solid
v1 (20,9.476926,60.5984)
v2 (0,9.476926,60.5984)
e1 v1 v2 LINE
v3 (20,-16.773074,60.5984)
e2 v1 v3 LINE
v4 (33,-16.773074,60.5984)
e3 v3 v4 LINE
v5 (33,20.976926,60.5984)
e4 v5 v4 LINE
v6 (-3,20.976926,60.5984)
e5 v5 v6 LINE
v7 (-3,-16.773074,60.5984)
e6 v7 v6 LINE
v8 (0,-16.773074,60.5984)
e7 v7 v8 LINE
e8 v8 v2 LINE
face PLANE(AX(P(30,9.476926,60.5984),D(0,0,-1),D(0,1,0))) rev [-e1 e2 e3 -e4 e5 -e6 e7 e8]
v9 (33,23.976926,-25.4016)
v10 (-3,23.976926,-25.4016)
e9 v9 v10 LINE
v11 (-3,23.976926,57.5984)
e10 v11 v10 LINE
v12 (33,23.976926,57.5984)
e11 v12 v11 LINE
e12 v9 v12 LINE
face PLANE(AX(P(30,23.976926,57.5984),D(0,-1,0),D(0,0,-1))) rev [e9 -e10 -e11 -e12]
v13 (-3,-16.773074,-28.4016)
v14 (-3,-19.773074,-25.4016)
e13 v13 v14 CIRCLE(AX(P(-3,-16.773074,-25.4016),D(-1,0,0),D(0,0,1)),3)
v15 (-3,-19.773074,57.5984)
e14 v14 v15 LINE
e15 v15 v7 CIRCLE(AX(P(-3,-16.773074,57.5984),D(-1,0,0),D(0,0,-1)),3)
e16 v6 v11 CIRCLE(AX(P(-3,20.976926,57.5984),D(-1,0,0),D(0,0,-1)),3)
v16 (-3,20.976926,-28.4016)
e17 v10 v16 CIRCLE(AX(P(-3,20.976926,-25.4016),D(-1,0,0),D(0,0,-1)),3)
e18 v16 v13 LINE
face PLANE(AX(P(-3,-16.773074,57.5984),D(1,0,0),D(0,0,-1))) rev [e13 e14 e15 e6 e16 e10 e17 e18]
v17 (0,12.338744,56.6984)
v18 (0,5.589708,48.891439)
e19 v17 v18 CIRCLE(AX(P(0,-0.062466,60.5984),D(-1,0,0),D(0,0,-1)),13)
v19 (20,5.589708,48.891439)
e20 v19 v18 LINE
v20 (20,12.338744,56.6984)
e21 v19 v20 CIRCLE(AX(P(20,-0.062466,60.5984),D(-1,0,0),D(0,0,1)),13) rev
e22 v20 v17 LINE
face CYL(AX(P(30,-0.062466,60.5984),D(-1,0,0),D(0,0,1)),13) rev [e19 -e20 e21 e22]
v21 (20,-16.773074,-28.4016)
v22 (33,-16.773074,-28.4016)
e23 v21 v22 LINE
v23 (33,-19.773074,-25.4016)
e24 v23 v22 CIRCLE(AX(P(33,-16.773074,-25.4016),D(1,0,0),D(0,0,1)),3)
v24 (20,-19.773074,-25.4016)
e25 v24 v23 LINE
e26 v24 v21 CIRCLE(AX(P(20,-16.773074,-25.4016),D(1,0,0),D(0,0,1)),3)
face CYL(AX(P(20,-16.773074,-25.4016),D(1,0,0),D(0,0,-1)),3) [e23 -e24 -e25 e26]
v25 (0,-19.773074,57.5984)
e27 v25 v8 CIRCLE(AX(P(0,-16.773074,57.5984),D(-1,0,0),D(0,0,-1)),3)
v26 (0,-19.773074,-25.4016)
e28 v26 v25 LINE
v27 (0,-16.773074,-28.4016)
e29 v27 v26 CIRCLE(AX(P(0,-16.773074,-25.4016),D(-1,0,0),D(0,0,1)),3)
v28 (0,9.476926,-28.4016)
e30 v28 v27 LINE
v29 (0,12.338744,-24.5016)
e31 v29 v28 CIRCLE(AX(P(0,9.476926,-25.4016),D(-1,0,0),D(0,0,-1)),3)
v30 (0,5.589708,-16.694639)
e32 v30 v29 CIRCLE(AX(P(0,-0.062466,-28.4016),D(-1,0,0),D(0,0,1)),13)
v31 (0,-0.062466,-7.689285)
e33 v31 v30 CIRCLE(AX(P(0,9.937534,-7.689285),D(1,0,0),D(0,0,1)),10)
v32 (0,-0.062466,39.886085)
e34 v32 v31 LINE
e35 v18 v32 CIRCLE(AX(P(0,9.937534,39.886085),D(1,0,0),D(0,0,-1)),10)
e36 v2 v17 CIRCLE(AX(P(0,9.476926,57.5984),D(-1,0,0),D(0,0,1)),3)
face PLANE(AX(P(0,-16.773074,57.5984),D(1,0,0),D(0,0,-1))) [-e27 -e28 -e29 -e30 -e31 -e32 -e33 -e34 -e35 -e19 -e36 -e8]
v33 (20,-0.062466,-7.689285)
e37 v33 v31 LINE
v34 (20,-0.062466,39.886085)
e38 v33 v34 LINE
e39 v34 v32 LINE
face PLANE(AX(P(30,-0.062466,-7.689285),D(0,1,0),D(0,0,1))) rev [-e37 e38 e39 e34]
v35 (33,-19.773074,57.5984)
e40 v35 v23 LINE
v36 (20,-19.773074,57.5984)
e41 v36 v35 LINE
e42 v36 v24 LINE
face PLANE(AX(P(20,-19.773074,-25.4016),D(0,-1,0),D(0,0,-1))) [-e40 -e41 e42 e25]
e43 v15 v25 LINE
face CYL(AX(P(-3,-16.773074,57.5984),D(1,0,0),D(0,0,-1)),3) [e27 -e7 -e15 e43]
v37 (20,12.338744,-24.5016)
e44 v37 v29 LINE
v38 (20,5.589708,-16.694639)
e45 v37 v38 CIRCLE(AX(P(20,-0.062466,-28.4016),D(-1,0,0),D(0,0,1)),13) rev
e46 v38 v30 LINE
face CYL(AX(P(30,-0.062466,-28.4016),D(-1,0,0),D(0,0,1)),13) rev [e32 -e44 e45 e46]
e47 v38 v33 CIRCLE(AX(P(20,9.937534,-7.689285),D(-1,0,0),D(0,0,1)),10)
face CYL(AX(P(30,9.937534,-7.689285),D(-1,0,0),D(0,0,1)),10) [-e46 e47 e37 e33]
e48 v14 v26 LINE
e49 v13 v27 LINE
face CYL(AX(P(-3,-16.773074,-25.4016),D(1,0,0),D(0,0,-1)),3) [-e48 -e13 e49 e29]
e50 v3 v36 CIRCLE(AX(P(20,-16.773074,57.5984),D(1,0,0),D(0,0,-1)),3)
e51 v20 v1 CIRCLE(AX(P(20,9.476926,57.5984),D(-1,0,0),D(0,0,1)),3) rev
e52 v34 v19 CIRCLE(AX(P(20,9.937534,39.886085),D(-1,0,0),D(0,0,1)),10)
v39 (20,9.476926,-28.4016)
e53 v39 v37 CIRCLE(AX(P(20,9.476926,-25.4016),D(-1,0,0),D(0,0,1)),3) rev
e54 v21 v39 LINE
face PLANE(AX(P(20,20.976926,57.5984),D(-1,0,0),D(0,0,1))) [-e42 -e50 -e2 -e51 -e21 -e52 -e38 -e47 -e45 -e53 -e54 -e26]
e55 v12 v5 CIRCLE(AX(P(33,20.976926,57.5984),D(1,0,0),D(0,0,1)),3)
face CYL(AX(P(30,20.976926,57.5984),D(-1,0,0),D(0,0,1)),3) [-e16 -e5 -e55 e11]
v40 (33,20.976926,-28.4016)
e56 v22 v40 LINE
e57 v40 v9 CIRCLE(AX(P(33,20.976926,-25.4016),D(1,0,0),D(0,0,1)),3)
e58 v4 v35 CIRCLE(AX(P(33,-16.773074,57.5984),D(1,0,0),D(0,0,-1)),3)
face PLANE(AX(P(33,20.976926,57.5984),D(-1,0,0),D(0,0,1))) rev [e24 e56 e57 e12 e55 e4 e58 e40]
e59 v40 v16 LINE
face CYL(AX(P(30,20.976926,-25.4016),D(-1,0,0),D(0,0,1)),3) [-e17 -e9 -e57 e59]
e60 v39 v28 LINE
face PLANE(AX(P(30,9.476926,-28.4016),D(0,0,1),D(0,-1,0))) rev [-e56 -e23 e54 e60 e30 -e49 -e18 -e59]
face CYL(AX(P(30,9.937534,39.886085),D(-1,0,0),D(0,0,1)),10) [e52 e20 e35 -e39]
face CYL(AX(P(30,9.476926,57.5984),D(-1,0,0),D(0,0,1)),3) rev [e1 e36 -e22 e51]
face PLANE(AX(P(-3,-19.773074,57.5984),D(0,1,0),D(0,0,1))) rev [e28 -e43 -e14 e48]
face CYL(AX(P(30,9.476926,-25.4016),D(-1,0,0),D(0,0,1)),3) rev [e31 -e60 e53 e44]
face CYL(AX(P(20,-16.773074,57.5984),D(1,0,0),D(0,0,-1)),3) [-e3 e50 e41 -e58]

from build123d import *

# Parameters (mm, degrees)
RESSALTO_EXTRUS_O2_DEPTH      = 30
RESSALTO_EXTRUS_O3_DEPTH      = 3
RESSALTO_EXTRUS_O4_DEPTH      = 3
RESSALTO_EXTRUS_O4_DEPTH_BACK = 10


with BuildPart() as part:
    # Esboço2 → Ressalto-extrusão2 (new body)
    with BuildSketch(Plane(origin=(0, 0, 0), x_dir=(0, 0, -1), z_dir=(1, 0, 0))):
        with BuildLine():
            Line((2.90159992, -0.062465938), (-35.09840008, -0.062465938))
            Line((-35.09840008, -0.062465938), (-39.886084903, -0.062465938))
            ThreePointArc((-39.886084903, -0.062465938), (-45.202180234, 1.467638524), (-48.891439328, 5.589707975))
            ThreePointArc((-48.891439328, 5.589707975), (-52.096536948, 9.772081499), (-56.69840008, 12.338743681))
            ThreePointArc((-56.69840008, 12.338743681), (-59.373224015, 11.895603401), (-60.59840008, 9.476926077))
            Line((-60.59840008, 9.476926077), (-60.59840008, 20.976926077))
            ThreePointArc((-60.59840008, 20.976926077), (-59.719720424, 23.09824642), (-57.59840008, 23.976926077))
            Line((-57.59840008, 23.976926077), (25.40159992, 23.976926077))
            ThreePointArc((25.40159992, 23.976926077), (27.522920263, 23.09824642), (28.40159992, 20.976926077))
            Line((28.40159992, 20.976926077), (28.40159992, 9.476926077))
            ThreePointArc((28.40159992, 9.476926077), (27.176423855, 11.895603401), (24.50159992, 12.338743681))
            ThreePointArc((24.50159992, 12.338743681), (19.899736788, 9.772081499), (16.694639168, 5.589707975))
            ThreePointArc((16.694639168, 5.589707975), (13.005380073, 1.467638524), (7.689284743, -0.062465938))
            Line((7.689284743, -0.062465938), (2.90159992, -0.062465938))
        make_face()
    extrude(amount=RESSALTO_EXTRUS_O2_DEPTH)

    # Esboço3 → Ressalto-extrusão3 (add)
    with BuildSketch(Plane.ZY):
        with BuildLine():
            Line((60.59840008, 15.226926077), (60.59840008, 20.976926077))
            ThreePointArc((60.59840008, 20.976926077), (59.719720424, 23.09824642), (57.59840008, 23.976926077))
            Line((57.59840008, 23.976926077), (16.09840008, 23.976926077))
            Line((16.09840008, 23.976926077), (-25.40159992, 23.976926077))
            ThreePointArc((-25.40159992, 23.976926077), (-27.522920263, 23.09824642), (-28.40159992, 20.976926077))
            Line((-28.40159992, 20.976926077), (-28.40159992, 15.226926077))
            Line((-28.40159992, 15.226926077), (-28.40159992, -16.773073923))
            ThreePointArc((-28.40159992, -16.773073923), (-27.522920263, -18.894394267), (-25.40159992, -19.773073923))
            Line((-25.40159992, -19.773073923), (57.59840008, -19.773073923))
            ThreePointArc((57.59840008, -19.773073923), (59.719720424, -18.894394267), (60.59840008, -16.773073923))
            Line((60.59840008, -16.773073923), (60.59840008, 15.226926077))
        make_face()
    extrude(amount=RESSALTO_EXTRUS_O3_DEPTH)

    # Esboço4 → Ressalto-extrusão4 (add, two sides)
    with BuildSketch(Plane(origin=(30, 0, 0), x_dir=(0, 0, -1), z_dir=(1, 0, 0))) as ressalto_extrus_o4_sk:
        with BuildLine():
            Line((-16.09840008, 23.976926077), (25.40159992, 23.976926077))
            ThreePointArc((25.40159992, 23.976926077), (27.522920263, 23.09824642), (28.40159992, 20.976926077))
            Line((28.40159992, 20.976926077), (28.40159992, 15.226926077))
            Line((28.40159992, 15.226926077), (28.40159992, -16.773073923))
            ThreePointArc((28.40159992, -16.773073923), (27.522920263, -18.894394267), (25.40159992, -19.773073923))
            Line((25.40159992, -19.773073923), (-57.59840008, -19.773073923))
            ThreePointArc((-57.59840008, -19.773073923), (-59.719720424, -18.894394267), (-60.59840008, -16.773073923))
            Line((-60.59840008, -16.773073923), (-60.59840008, 15.226926077))
            Line((-60.59840008, 15.226926077), (-60.59840008, 20.976926077))
            ThreePointArc((-60.59840008, 20.976926077), (-59.719720424, 23.09824642), (-57.59840008, 23.976926077))
            Line((-57.59840008, 23.976926077), (-16.09840008, 23.976926077))
        make_face()
    extrude(amount=RESSALTO_EXTRUS_O4_DEPTH)
    extrude(ressalto_extrus_o4_sk.sketch, amount=-RESSALTO_EXTRUS_O4_DEPTH_BACK)


solid = part.part
